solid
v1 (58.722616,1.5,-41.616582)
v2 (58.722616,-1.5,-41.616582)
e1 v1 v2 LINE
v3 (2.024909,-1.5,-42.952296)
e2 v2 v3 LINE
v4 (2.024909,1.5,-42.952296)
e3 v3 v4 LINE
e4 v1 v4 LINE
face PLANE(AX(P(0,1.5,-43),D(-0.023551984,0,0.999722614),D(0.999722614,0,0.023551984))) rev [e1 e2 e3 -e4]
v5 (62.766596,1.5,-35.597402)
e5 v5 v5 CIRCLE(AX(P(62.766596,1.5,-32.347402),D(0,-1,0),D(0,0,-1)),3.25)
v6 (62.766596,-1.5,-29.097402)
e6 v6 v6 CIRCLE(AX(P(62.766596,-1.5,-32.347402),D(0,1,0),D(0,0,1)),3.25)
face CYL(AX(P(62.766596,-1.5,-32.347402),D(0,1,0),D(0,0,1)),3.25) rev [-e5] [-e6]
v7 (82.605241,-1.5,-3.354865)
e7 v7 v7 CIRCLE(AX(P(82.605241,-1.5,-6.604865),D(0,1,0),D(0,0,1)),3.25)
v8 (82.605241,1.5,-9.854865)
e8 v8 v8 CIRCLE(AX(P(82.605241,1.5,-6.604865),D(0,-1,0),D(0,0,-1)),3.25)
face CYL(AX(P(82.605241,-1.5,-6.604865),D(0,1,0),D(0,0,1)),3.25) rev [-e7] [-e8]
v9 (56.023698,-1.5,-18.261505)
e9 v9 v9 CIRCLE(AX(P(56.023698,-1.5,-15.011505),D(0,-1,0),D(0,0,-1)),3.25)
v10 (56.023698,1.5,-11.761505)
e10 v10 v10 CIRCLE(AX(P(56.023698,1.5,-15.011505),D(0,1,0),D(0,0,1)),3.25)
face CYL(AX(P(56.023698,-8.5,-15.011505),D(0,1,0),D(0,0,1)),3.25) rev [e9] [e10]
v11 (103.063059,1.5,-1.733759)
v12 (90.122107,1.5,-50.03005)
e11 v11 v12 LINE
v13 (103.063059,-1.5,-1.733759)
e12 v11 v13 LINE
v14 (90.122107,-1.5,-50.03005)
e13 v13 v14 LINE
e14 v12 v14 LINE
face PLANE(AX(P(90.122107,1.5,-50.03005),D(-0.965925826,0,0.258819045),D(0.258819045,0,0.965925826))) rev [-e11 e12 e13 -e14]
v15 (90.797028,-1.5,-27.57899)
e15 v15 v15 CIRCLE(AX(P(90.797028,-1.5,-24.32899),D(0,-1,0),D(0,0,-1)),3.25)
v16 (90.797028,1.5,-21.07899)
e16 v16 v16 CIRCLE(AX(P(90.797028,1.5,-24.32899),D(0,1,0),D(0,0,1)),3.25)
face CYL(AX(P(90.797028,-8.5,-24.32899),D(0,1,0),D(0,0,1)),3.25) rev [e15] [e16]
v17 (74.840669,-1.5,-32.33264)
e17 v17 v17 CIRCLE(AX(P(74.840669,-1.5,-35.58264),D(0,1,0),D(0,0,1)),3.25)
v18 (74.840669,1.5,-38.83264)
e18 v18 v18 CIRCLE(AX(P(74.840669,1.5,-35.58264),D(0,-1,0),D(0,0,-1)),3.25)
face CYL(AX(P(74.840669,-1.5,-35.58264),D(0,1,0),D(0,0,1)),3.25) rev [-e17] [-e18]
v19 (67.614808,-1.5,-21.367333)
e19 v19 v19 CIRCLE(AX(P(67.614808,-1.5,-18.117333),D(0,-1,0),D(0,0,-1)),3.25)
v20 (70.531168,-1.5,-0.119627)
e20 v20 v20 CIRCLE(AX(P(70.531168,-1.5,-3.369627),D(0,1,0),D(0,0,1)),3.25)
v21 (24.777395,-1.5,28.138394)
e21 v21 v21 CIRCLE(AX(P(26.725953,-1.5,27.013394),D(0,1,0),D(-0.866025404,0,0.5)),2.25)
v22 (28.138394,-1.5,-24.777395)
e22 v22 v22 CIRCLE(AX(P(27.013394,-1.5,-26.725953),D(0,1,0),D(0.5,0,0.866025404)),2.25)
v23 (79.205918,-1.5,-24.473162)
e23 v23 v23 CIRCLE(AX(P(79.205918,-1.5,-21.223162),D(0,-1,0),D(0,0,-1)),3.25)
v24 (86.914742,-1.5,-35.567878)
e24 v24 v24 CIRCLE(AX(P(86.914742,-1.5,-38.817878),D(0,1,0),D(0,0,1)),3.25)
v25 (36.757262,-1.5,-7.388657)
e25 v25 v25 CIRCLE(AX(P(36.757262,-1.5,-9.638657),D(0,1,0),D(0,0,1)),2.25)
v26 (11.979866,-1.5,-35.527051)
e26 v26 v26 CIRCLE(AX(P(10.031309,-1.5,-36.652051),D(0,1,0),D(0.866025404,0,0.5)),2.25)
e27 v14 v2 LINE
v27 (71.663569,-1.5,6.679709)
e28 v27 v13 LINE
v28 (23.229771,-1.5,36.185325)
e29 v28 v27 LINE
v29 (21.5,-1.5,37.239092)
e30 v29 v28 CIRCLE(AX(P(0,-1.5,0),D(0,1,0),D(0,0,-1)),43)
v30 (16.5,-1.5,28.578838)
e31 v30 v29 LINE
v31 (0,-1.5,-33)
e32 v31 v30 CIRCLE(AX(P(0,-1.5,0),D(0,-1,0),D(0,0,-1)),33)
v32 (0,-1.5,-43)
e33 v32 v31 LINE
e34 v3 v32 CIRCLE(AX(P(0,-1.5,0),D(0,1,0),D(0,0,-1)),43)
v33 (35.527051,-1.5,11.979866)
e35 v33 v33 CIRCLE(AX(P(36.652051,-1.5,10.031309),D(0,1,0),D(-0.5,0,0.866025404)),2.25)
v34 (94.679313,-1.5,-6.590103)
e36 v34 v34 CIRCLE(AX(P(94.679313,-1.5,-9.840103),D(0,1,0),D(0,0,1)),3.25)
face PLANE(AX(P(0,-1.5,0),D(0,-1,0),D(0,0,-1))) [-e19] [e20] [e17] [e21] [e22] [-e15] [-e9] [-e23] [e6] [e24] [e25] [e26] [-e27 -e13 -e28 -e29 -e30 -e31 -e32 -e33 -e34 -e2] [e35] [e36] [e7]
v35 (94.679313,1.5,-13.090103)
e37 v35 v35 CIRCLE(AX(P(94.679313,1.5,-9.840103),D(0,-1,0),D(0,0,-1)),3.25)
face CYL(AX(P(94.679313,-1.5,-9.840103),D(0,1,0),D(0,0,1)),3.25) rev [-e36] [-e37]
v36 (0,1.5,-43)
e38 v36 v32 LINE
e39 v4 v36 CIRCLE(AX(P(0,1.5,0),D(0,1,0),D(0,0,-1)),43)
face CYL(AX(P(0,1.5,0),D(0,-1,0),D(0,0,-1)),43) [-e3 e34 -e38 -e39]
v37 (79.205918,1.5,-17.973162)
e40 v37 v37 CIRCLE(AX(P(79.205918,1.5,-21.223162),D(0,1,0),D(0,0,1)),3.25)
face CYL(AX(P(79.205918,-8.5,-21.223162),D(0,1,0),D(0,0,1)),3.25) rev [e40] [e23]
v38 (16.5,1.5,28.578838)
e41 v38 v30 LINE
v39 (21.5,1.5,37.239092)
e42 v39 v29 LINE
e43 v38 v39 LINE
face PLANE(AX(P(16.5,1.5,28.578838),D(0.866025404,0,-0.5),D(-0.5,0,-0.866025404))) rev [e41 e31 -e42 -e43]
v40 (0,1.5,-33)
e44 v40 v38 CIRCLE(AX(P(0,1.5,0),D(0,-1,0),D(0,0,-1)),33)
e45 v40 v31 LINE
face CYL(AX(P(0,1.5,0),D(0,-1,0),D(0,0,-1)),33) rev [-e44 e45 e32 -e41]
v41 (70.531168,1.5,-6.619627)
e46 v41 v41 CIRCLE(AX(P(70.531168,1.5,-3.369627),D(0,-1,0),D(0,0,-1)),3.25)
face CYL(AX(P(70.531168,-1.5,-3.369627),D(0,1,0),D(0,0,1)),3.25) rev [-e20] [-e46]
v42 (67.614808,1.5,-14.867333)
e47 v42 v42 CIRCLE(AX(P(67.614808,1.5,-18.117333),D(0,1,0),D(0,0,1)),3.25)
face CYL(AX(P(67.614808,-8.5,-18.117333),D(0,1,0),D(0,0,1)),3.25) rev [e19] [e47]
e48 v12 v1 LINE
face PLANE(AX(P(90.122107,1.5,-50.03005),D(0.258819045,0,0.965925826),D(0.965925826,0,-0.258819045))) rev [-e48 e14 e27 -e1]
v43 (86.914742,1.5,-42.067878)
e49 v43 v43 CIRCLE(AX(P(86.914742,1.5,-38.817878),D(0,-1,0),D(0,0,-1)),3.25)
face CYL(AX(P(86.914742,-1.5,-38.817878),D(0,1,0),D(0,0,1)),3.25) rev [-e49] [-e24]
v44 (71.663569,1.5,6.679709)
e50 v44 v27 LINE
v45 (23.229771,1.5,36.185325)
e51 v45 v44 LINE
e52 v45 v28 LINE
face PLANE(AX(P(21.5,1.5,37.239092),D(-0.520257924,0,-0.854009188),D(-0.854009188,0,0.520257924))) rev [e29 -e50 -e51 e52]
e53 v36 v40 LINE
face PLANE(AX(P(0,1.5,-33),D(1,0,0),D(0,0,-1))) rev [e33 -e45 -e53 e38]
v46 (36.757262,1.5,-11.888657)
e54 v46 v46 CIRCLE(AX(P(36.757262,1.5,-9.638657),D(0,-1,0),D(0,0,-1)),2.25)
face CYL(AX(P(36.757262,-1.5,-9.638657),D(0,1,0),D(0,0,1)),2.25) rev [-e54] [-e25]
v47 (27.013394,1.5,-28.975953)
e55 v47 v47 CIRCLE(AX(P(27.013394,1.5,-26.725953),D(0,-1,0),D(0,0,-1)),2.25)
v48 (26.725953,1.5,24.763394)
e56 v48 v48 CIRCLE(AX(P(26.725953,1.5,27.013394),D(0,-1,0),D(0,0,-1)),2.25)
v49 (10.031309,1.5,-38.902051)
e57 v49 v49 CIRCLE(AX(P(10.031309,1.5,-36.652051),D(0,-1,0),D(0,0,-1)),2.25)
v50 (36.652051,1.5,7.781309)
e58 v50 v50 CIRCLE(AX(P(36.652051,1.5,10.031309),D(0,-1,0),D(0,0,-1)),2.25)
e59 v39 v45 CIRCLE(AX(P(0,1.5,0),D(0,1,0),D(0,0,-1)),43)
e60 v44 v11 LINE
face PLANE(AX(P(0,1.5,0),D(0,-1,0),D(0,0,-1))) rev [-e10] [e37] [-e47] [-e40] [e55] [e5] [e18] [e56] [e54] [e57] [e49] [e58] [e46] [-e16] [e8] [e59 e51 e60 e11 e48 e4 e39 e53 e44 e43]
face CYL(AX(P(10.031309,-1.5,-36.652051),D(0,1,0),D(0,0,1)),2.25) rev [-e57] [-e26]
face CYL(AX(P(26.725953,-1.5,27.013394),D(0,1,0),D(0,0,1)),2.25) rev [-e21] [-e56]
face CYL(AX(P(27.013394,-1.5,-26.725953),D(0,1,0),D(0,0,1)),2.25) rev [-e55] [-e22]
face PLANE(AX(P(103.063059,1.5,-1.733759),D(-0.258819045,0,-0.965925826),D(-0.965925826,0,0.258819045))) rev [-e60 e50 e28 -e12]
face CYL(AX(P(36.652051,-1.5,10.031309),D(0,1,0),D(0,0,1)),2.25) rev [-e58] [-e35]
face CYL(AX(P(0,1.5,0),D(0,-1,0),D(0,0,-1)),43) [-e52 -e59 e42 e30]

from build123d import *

# Parameters (mm, degrees)
BOSS_EXTRUDE1_DEPTH             = 1.5
BOSS_EXTRUDE2_DEPTH             = 1.5
BOSS_EXTRUDE3_DEPTH             = 1.5
CUT_EXTRUDE1_START              = -4
SKETCH2_R                       = 2.25
CUT_EXTRUDE1_DEPTH              = 5
CIRPATTERN1_COUNT               = 3
CIRPATTERN1_ANGLE               = 60
CIRPATTERN1_THE_OTHER_WAY_COUNT = 3
CIRPATTERN1_THE_OTHER_WAY_ANGLE = 60
CUT_EXTRUDE2_START              = -4
SKETCH6_R                       = 3.25
CUT_EXTRUDE2_DEPTH              = 5
LPATTERN1_COUNT                 = 3
LPATTERN1_PITCH                 = 12.5
SKETCH7_R                       = 3.25
CUT_EXTRUDE3_DEPTH              = 10
LPATTERN2_COUNT                 = 4
LPATTERN2_PITCH                 = 12


with BuildPart() as part:
    # Sketch1 → Boss-Extrude1 (new body, symmetric)
    with BuildSketch(Plane(origin=(0, 0, 0), x_dir=(1, 0, 0), z_dir=(0, 1, 0))):
        with BuildLine():
            Line((0, 33), (0, 43))
            ThreePointArc((0, 43), (41.53481053, 11.129218939), (21.5, -37.239092363))
            Line((21.5, -37.239092363), (16.5, -28.578838325))
            ThreePointArc((16.5, -28.578838325), (31.875552268, 8.541028488), (0, 33))
        make_face()
    extrude(amount=BOSS_EXTRUDE1_DEPTH, both=True)

    # Sketch4 → Boss-Extrude2 (add, symmetric)
    with BuildSketch(Plane(origin=(0, 0, 0), x_dir=(1, 0, 0), z_dir=(0, 1, 0))):
        Polygon((90.122106501, 50.030050167), (25.40507614, 32.689174146), (38.346028395, -15.607117169), (103.063058756, 1.733758853), align=None)
    extrude(amount=BOSS_EXTRUDE2_DEPTH, both=True)

    # Sketch5 → Boss-Extrude3 (add, symmetric)
    with BuildSketch(Plane(origin=(0, 0, 0), x_dir=(1, 0, 0), z_dir=(0, 1, 0))):
        Polygon((0, 43), (58.722616268, 41.616582117), (27.323126035, 33.203114066), align=None)
        Polygon((71.663568523, -6.679709198), (40.26407829, -15.093177248), (21.5, -37.239092363), align=None)
    extrude(amount=BOSS_EXTRUDE3_DEPTH, both=True)

    # Sketch2 → Cut-Extrude1 (cut)
    with BuildSketch(Plane(origin=(0, 1.5, 0), x_dir=(1, 0, 0), z_dir=(0, 1, 0)).offset(CUT_EXTRUDE1_START)):
        with Locations((36.757261811, 9.638656763)):
            Circle(SKETCH2_R)
    cut_extrude1 = extrude(amount=CUT_EXTRUDE1_DEPTH, mode=Mode.SUBTRACT)

    # CirPattern1: Cut-Extrude1 ×3 about axis
    cirpattern1_axis = Axis((0, 0, 0), (0, -1, 0))
    for i in range(1, CIRPATTERN1_COUNT):
        add(cut_extrude1.rotate(cirpattern1_axis, i * CIRPATTERN1_ANGLE / (CIRPATTERN1_COUNT - 1)), mode=Mode.SUBTRACT)

    # CirPattern1 the other way: Cut-Extrude1 ×3 about axis
    cirpattern1_the_other_way_axis = Axis((0, 0, 0), (0, 1, 0))
    for i in range(1, CIRPATTERN1_THE_OTHER_WAY_COUNT):
        add(cut_extrude1.rotate(cirpattern1_the_other_way_axis, i * CIRPATTERN1_THE_OTHER_WAY_ANGLE / (CIRPATTERN1_THE_OTHER_WAY_COUNT - 1)), mode=Mode.SUBTRACT)

    # Sketch6 → Cut-Extrude2 (cut)
    with BuildSketch(Plane(origin=(0, 1.5, 0), x_dir=(1, 0, 0), z_dir=(0, 1, 0)).offset(CUT_EXTRUDE2_START)):
        with Locations((94.679313348, 9.840102845)):
            Circle(SKETCH6_R)
        with Locations((86.914741995, 38.817877634)):
            Circle(SKETCH6_R)
    cut_extrude2 = extrude(amount=CUT_EXTRUDE2_DEPTH, mode=Mode.SUBTRACT)

    # LPattern1: Cut-Extrude2 ×3
    with Locations(*[Vector(-0.965925826, 0, 0.258819045) * (i * LPATTERN1_PITCH) for i in range(1, LPATTERN1_COUNT)]):
        add(cut_extrude2, mode=Mode.SUBTRACT)

    # Sketch7 → Cut-Extrude3 (cut)
    with BuildSketch(Plane(origin=(0, 1.5, 0), x_dir=(1, 0, 0), z_dir=(0, 1, 0))):
        with Locations((90.797027671, 24.32899024)):
            Circle(SKETCH7_R)
    cut_extrude3 = extrude(amount=-CUT_EXTRUDE3_DEPTH, mode=Mode.SUBTRACT)

    # LPattern2: Cut-Extrude3 ×4
    with Locations(*[Vector(-0.965925826, 0, 0.258819045) * (i * LPATTERN2_PITCH) for i in range(1, LPATTERN2_COUNT)]):
        add(cut_extrude3, mode=Mode.SUBTRACT)


solid = part.part
